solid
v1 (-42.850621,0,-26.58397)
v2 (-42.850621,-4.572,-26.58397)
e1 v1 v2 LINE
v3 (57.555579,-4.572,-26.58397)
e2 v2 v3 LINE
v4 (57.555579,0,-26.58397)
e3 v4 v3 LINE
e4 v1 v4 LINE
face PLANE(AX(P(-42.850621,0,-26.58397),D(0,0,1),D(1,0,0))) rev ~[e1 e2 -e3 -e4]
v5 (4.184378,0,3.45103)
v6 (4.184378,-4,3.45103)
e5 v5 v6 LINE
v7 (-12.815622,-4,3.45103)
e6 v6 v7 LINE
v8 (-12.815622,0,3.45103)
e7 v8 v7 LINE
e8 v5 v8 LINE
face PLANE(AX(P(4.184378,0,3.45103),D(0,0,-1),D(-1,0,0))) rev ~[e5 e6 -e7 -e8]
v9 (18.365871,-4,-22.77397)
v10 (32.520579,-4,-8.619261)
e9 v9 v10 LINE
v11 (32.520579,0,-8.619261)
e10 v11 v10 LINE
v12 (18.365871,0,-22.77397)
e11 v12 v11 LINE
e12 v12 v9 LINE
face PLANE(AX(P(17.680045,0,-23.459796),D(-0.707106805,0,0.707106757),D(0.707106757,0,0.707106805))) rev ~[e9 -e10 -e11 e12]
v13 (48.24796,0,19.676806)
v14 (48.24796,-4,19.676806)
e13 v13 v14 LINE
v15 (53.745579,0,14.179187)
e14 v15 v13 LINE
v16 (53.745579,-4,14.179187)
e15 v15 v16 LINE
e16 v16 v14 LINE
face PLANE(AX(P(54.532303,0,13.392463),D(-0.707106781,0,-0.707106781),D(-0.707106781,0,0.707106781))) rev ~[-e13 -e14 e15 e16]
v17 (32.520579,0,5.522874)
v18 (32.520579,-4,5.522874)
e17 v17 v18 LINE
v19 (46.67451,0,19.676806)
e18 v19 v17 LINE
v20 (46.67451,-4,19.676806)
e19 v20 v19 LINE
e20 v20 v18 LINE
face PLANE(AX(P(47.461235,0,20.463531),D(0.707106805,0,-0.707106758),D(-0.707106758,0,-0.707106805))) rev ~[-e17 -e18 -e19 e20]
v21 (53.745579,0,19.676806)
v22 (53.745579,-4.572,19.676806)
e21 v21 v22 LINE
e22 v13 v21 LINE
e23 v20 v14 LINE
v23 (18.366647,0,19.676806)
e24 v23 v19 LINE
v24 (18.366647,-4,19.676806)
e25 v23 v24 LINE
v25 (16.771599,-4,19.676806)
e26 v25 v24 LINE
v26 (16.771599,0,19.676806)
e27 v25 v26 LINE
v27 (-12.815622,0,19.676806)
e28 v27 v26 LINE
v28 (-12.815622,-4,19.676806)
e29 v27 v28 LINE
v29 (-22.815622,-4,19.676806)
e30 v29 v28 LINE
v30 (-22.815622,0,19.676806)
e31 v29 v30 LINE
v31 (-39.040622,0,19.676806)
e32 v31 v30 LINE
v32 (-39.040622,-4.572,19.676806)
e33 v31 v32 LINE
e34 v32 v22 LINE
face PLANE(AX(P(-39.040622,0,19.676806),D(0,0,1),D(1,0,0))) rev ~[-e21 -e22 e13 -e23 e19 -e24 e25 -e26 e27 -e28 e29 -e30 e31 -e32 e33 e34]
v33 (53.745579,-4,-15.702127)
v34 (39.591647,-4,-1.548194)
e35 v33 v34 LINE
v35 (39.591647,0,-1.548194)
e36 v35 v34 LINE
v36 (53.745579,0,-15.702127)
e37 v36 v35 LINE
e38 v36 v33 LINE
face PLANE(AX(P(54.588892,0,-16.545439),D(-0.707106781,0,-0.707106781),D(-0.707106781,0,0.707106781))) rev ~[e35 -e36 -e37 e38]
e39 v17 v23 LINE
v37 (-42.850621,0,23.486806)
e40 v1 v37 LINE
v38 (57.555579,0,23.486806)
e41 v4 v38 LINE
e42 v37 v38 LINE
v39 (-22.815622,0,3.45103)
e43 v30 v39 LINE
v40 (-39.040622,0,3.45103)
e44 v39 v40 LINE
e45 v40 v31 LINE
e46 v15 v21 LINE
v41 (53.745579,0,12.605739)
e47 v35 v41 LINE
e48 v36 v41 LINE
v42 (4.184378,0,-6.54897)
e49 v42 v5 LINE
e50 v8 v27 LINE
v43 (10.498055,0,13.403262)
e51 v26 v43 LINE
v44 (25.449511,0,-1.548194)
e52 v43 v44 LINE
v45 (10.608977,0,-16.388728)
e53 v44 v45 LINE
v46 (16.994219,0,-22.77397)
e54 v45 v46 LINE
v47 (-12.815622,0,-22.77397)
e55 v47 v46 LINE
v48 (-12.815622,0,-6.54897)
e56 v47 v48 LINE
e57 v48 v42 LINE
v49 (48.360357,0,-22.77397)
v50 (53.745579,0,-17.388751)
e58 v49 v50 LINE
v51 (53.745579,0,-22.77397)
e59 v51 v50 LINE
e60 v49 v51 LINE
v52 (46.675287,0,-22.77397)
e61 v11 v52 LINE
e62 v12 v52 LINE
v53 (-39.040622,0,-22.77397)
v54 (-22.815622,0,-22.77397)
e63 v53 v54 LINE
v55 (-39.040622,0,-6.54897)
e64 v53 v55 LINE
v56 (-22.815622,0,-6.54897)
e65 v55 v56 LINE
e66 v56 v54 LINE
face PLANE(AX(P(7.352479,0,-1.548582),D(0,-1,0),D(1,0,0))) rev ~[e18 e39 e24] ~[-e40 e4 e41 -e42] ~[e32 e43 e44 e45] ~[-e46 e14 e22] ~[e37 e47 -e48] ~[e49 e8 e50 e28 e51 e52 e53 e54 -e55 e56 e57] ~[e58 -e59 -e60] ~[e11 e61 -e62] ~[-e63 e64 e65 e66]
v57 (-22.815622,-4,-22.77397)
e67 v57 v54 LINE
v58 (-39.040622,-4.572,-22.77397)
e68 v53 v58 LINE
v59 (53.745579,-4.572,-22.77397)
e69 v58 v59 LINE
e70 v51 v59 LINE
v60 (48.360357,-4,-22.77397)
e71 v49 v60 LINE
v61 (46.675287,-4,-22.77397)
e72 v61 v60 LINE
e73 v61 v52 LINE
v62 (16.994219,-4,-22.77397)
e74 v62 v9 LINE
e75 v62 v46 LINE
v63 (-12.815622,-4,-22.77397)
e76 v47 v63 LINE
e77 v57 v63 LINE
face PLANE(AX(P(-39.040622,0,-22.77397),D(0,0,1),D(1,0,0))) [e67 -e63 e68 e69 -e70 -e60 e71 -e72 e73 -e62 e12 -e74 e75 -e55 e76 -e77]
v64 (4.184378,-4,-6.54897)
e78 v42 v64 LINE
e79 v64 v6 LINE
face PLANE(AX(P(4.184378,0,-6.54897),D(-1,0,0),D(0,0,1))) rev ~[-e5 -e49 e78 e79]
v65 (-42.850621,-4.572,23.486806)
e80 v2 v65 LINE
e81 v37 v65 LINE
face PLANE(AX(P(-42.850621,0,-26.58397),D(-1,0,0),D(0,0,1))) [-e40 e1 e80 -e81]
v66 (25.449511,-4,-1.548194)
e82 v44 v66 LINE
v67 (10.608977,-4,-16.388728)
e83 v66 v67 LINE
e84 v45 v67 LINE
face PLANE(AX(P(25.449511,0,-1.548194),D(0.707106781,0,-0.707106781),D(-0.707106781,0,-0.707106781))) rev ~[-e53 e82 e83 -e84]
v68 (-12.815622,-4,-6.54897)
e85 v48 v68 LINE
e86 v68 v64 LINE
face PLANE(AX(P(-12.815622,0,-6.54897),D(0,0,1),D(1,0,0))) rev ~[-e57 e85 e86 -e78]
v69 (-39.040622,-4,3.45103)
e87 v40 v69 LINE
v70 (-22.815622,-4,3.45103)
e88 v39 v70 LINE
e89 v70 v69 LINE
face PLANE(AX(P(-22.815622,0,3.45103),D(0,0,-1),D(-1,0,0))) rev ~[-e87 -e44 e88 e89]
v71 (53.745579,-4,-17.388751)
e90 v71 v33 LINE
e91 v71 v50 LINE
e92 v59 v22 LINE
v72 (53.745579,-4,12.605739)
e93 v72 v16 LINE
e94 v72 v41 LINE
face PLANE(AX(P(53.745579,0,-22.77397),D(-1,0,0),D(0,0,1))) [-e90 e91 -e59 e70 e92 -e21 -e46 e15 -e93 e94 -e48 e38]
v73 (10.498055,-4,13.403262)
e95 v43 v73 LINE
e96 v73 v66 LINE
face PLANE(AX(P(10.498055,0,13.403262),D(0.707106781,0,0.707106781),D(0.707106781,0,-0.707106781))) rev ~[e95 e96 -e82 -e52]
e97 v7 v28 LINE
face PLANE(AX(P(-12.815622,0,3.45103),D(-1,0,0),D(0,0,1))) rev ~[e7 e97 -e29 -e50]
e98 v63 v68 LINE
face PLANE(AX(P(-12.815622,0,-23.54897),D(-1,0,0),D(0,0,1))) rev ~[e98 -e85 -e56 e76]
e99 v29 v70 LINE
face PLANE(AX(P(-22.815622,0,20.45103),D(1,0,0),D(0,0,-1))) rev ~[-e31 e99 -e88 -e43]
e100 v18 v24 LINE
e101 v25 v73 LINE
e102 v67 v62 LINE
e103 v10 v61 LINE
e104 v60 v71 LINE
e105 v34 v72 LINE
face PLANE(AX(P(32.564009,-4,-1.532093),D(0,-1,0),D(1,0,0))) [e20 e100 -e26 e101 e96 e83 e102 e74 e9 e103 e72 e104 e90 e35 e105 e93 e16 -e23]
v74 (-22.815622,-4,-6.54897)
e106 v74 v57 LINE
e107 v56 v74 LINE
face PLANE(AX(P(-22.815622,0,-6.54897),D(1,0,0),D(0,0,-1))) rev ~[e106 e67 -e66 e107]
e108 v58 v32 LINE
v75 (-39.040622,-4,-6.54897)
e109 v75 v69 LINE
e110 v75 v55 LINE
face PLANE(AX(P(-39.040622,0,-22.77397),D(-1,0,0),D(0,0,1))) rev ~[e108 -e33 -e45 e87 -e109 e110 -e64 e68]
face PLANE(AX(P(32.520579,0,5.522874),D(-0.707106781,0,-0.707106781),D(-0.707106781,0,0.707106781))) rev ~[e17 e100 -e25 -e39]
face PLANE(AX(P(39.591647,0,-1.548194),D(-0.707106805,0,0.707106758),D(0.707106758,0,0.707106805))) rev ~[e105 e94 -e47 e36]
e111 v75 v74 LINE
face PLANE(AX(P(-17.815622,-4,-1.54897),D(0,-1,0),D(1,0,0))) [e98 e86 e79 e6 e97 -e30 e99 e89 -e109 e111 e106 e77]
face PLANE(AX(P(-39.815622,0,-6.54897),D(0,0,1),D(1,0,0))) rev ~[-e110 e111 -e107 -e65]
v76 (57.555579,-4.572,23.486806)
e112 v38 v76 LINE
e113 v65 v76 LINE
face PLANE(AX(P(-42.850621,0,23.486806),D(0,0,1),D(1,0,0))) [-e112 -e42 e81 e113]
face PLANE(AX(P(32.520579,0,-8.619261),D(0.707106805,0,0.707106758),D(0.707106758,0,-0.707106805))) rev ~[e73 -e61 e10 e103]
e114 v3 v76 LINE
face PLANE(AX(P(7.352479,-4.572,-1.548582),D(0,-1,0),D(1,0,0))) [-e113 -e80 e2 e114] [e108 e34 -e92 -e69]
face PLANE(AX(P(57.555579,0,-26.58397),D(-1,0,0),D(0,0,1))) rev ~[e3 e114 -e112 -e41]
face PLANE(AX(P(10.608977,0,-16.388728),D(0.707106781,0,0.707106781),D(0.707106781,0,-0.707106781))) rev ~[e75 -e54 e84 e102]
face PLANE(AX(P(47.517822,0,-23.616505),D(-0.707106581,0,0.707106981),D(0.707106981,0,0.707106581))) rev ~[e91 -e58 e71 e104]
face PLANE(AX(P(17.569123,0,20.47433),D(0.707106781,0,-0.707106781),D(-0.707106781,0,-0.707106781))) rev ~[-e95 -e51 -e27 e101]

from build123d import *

# Parameters (mm, degrees)
F0_W     = 100.4062
F0_H     = 50.070776
F0_W_2   = 92.786201
F0_H_2   = 42.450776
F1_DEPTH = 4.572
F3_DEPTH = 4
F5_DEPTH = 4


with BuildPart() as f1:
    # F0 (on Front) → F1 (new body)
    with BuildSketch(Plane.XZ):
        with Locations((7.352479, -1.548582)):
            Rectangle(F0_W, F0_H)
        with Locations((7.352479, -1.548582)):
            Rectangle(F0_W_2, F0_H_2, mode=Mode.SUBTRACT)
    extrude(amount=F1_DEPTH)

    # F2 (on Front) → F3 (join)
    with BuildSketch(Plane.XZ):
        Polygon((47.517822, -23.616505), (54.588892, -16.545439), (39.591647, -1.548194), (54.532303, 13.392463), (47.461235, 20.463531), (32.520579, 5.522874), (17.569123, 20.47433), (10.498055, 13.403262), (25.449511, -1.548194), (10.608977, -16.388728), (17.680045, -23.459796), (32.520579, -8.619261), align=None)
    extrude(amount=F3_DEPTH)

    # F4 (on Front) → F5 (join)
    with BuildSketch(Plane.XZ):
        Polygon((-39.815622, 3.45103), (-39.815622, -6.54897), (-22.815622, -6.54897), (-22.815622, -23.54897), (-12.815622, -23.54897), (-12.815622, -6.54897), (4.184378, -6.54897), (4.184378, 3.45103), (-12.815622, 3.45103), (-12.815622, 20.45103), (-22.815622, 20.45103), (-22.815622, 3.45103), align=None)
    extrude(amount=F5_DEPTH)


solid = f1.part
